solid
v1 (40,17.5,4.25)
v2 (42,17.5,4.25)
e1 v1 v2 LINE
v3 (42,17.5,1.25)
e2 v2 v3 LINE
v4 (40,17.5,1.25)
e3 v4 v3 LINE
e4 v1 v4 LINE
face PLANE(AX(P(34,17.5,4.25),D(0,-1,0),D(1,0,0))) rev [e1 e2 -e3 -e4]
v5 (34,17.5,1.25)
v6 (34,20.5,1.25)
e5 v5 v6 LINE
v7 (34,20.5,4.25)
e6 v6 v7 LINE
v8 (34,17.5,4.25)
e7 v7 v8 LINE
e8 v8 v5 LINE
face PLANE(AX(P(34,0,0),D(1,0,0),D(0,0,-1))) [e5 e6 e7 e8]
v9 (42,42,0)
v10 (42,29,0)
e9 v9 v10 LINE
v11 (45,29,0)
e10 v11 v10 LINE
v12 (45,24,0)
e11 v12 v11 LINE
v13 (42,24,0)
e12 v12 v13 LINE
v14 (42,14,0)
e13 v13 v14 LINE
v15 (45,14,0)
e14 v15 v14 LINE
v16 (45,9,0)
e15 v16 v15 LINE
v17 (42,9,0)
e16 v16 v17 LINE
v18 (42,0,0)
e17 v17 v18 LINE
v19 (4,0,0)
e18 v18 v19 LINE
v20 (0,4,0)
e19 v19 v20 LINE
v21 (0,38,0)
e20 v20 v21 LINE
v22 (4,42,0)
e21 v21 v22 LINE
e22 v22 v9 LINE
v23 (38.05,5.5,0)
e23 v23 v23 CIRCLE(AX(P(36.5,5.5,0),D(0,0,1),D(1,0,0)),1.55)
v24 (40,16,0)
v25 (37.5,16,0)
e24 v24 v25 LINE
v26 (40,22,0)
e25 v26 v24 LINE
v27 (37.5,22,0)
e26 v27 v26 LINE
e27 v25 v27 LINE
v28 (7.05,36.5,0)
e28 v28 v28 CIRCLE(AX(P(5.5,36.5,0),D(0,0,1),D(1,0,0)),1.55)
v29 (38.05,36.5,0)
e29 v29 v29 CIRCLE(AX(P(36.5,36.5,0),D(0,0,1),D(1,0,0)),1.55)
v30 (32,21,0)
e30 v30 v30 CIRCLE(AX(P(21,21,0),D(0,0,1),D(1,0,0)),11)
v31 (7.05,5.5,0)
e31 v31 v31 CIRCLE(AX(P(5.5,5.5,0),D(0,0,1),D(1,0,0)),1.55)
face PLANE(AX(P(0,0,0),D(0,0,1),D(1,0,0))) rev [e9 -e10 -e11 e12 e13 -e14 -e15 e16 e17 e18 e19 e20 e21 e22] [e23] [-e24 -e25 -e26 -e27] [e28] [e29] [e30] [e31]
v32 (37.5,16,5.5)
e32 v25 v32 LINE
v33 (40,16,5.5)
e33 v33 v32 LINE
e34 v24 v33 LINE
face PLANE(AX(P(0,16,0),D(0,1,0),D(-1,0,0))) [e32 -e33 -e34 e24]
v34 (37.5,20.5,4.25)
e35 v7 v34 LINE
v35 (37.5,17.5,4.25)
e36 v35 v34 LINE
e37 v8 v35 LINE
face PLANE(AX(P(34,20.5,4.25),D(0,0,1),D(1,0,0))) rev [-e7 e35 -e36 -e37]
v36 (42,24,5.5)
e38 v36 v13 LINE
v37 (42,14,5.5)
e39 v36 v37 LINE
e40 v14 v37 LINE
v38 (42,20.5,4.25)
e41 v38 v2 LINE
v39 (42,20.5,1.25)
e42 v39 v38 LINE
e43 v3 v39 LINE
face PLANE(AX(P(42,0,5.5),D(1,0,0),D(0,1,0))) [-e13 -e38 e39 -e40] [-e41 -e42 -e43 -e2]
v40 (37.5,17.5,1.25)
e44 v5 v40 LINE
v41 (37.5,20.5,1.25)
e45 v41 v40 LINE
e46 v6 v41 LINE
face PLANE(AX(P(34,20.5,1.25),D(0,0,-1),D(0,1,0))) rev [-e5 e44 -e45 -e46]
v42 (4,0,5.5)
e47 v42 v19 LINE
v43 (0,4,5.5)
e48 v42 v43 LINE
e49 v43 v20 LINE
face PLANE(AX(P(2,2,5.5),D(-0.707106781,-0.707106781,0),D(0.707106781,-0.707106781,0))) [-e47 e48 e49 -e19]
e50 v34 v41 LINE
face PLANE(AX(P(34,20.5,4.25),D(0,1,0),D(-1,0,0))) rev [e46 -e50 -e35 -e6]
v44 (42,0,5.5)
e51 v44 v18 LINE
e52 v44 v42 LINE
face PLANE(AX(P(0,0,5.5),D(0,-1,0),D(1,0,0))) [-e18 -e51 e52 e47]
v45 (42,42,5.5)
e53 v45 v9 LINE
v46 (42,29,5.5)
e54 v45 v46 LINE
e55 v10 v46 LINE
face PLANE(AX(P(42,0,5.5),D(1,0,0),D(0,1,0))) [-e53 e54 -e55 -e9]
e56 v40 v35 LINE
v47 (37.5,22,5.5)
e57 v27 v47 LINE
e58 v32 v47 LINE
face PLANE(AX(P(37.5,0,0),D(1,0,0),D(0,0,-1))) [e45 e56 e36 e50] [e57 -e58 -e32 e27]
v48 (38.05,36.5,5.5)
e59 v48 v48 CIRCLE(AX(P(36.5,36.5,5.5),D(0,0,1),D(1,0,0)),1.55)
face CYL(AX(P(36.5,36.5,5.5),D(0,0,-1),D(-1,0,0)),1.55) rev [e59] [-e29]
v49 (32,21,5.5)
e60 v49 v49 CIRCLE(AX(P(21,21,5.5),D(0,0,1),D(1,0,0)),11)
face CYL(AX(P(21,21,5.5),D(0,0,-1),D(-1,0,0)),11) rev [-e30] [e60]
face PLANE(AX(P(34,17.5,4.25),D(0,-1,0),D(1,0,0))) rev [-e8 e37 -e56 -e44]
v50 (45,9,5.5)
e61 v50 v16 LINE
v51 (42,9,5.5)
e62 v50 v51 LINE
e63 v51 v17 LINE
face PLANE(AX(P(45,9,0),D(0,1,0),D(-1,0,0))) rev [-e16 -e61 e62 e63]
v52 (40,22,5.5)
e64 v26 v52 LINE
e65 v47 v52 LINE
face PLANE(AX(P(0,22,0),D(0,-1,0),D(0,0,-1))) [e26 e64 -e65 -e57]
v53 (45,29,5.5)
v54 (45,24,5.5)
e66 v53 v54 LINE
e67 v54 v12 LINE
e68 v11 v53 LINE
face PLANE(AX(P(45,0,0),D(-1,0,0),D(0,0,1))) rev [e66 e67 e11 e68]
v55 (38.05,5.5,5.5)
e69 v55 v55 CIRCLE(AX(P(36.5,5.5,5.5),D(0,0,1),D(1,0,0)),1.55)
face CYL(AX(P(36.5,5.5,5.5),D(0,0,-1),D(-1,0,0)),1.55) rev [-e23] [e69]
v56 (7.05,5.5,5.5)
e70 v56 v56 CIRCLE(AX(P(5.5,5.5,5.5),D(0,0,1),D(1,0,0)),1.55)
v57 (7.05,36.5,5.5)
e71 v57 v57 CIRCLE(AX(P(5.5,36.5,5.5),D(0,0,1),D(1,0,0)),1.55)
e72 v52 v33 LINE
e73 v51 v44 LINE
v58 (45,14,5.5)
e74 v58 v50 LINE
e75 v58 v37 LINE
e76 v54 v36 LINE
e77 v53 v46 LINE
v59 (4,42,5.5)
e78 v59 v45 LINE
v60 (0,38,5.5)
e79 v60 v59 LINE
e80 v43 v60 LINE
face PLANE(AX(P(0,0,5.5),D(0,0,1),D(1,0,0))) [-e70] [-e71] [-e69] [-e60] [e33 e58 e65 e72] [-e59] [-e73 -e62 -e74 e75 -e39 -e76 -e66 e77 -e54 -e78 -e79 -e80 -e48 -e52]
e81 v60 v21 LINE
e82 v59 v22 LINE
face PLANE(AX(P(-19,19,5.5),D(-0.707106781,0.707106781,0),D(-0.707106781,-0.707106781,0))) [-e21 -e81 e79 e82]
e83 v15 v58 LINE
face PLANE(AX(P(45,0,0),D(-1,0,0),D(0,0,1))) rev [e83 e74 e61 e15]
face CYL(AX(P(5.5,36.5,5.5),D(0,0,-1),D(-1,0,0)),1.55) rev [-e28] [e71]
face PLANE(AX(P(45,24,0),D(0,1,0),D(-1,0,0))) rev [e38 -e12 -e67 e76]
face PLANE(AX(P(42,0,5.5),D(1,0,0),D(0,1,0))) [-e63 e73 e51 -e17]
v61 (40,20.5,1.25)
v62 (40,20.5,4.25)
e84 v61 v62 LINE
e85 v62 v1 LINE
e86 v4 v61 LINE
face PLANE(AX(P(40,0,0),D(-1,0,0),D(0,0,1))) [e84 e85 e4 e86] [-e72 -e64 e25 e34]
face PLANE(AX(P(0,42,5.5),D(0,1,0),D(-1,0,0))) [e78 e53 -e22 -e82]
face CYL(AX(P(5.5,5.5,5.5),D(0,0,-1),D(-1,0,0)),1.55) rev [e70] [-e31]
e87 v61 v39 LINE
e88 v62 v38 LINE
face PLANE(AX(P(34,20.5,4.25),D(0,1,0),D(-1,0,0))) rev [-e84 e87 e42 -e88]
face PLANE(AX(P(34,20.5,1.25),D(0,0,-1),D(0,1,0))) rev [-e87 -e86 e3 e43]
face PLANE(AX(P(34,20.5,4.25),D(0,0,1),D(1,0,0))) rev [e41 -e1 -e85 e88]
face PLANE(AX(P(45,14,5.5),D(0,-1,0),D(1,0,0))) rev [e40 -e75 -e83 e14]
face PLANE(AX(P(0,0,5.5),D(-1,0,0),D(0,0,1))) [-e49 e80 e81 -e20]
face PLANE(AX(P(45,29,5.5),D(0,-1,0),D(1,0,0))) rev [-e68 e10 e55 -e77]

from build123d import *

# Parameters (mm, degrees)
CROQUIS1_R              = 11
CROQUIS1_R_2            = 1.55
SALIENTE_EXTRUIR1_DEPTH = 5.5
CROQUIS3_W              = 5.5
CROQUIS3_H              = 5
SALIENTE_EXTRUIR3_DEPTH = 3
CROQUIS6_W              = 3
CROQUIS6_H              = 3
CORTAR_EXTRUIR2_DEPTH   = 8
CROQUIS7_W              = 2.5
CROQUIS7_H              = 6
CORTAR_EXTRUIR3_DEPTH   = 6.5


with BuildPart() as part:
    # Croquis1 → Saliente-Extruir1 (new body)
    with BuildSketch(Plane.XY):
        Polygon((4, 0), (0, 4), (0, 38), (4, 42), (42, 42), (42, 0), align=None)
        with Locations((21, 21)):
            Circle(CROQUIS1_R, mode=Mode.SUBTRACT)
        with Locations((36.5, 36.5)):
            Circle(CROQUIS1_R_2, mode=Mode.SUBTRACT)
        with Locations((36.5, 5.5)):
            Circle(CROQUIS1_R_2, mode=Mode.SUBTRACT)
        with Locations((5.5, 5.5)):
            Circle(CROQUIS1_R_2, mode=Mode.SUBTRACT)
        with Locations((5.5, 36.5)):
            Circle(CROQUIS1_R_2, mode=Mode.SUBTRACT)
    extrude(amount=SALIENTE_EXTRUIR1_DEPTH)

    # Croquis3 → Saliente-Extruir3 (add)
    with BuildSketch(Plane(origin=(42, 0, 0), x_dir=(0, 0, -1), z_dir=(1, 0, 0))):
        with Locations((-2.75, 26.5)):
            Rectangle(CROQUIS3_W, CROQUIS3_H)
        with Locations((-2.75, 11.5)):
            Rectangle(CROQUIS3_W, CROQUIS3_H)
    extrude(amount=SALIENTE_EXTRUIR3_DEPTH)

    # Croquis6 → Cortar-Extruir2 (cut)
    with BuildSketch(Plane(origin=(42, 0, 0), x_dir=(0, 0, -1), z_dir=(1, 0, 0))):
        with Locations((-2.75, 19)):
            Rectangle(CROQUIS6_W, CROQUIS6_H)
    extrude(amount=-CORTAR_EXTRUIR2_DEPTH, mode=Mode.SUBTRACT)

    # Croquis7 → Cortar-Extruir3 (cut, through all)
    with BuildSketch(Plane.XY.offset(5.5)):
        with Locations((38.75, 19)):
            Rectangle(CROQUIS7_W, CROQUIS7_H)
    extrude(amount=-CORTAR_EXTRUIR3_DEPTH, mode=Mode.SUBTRACT)


solid = part.part
